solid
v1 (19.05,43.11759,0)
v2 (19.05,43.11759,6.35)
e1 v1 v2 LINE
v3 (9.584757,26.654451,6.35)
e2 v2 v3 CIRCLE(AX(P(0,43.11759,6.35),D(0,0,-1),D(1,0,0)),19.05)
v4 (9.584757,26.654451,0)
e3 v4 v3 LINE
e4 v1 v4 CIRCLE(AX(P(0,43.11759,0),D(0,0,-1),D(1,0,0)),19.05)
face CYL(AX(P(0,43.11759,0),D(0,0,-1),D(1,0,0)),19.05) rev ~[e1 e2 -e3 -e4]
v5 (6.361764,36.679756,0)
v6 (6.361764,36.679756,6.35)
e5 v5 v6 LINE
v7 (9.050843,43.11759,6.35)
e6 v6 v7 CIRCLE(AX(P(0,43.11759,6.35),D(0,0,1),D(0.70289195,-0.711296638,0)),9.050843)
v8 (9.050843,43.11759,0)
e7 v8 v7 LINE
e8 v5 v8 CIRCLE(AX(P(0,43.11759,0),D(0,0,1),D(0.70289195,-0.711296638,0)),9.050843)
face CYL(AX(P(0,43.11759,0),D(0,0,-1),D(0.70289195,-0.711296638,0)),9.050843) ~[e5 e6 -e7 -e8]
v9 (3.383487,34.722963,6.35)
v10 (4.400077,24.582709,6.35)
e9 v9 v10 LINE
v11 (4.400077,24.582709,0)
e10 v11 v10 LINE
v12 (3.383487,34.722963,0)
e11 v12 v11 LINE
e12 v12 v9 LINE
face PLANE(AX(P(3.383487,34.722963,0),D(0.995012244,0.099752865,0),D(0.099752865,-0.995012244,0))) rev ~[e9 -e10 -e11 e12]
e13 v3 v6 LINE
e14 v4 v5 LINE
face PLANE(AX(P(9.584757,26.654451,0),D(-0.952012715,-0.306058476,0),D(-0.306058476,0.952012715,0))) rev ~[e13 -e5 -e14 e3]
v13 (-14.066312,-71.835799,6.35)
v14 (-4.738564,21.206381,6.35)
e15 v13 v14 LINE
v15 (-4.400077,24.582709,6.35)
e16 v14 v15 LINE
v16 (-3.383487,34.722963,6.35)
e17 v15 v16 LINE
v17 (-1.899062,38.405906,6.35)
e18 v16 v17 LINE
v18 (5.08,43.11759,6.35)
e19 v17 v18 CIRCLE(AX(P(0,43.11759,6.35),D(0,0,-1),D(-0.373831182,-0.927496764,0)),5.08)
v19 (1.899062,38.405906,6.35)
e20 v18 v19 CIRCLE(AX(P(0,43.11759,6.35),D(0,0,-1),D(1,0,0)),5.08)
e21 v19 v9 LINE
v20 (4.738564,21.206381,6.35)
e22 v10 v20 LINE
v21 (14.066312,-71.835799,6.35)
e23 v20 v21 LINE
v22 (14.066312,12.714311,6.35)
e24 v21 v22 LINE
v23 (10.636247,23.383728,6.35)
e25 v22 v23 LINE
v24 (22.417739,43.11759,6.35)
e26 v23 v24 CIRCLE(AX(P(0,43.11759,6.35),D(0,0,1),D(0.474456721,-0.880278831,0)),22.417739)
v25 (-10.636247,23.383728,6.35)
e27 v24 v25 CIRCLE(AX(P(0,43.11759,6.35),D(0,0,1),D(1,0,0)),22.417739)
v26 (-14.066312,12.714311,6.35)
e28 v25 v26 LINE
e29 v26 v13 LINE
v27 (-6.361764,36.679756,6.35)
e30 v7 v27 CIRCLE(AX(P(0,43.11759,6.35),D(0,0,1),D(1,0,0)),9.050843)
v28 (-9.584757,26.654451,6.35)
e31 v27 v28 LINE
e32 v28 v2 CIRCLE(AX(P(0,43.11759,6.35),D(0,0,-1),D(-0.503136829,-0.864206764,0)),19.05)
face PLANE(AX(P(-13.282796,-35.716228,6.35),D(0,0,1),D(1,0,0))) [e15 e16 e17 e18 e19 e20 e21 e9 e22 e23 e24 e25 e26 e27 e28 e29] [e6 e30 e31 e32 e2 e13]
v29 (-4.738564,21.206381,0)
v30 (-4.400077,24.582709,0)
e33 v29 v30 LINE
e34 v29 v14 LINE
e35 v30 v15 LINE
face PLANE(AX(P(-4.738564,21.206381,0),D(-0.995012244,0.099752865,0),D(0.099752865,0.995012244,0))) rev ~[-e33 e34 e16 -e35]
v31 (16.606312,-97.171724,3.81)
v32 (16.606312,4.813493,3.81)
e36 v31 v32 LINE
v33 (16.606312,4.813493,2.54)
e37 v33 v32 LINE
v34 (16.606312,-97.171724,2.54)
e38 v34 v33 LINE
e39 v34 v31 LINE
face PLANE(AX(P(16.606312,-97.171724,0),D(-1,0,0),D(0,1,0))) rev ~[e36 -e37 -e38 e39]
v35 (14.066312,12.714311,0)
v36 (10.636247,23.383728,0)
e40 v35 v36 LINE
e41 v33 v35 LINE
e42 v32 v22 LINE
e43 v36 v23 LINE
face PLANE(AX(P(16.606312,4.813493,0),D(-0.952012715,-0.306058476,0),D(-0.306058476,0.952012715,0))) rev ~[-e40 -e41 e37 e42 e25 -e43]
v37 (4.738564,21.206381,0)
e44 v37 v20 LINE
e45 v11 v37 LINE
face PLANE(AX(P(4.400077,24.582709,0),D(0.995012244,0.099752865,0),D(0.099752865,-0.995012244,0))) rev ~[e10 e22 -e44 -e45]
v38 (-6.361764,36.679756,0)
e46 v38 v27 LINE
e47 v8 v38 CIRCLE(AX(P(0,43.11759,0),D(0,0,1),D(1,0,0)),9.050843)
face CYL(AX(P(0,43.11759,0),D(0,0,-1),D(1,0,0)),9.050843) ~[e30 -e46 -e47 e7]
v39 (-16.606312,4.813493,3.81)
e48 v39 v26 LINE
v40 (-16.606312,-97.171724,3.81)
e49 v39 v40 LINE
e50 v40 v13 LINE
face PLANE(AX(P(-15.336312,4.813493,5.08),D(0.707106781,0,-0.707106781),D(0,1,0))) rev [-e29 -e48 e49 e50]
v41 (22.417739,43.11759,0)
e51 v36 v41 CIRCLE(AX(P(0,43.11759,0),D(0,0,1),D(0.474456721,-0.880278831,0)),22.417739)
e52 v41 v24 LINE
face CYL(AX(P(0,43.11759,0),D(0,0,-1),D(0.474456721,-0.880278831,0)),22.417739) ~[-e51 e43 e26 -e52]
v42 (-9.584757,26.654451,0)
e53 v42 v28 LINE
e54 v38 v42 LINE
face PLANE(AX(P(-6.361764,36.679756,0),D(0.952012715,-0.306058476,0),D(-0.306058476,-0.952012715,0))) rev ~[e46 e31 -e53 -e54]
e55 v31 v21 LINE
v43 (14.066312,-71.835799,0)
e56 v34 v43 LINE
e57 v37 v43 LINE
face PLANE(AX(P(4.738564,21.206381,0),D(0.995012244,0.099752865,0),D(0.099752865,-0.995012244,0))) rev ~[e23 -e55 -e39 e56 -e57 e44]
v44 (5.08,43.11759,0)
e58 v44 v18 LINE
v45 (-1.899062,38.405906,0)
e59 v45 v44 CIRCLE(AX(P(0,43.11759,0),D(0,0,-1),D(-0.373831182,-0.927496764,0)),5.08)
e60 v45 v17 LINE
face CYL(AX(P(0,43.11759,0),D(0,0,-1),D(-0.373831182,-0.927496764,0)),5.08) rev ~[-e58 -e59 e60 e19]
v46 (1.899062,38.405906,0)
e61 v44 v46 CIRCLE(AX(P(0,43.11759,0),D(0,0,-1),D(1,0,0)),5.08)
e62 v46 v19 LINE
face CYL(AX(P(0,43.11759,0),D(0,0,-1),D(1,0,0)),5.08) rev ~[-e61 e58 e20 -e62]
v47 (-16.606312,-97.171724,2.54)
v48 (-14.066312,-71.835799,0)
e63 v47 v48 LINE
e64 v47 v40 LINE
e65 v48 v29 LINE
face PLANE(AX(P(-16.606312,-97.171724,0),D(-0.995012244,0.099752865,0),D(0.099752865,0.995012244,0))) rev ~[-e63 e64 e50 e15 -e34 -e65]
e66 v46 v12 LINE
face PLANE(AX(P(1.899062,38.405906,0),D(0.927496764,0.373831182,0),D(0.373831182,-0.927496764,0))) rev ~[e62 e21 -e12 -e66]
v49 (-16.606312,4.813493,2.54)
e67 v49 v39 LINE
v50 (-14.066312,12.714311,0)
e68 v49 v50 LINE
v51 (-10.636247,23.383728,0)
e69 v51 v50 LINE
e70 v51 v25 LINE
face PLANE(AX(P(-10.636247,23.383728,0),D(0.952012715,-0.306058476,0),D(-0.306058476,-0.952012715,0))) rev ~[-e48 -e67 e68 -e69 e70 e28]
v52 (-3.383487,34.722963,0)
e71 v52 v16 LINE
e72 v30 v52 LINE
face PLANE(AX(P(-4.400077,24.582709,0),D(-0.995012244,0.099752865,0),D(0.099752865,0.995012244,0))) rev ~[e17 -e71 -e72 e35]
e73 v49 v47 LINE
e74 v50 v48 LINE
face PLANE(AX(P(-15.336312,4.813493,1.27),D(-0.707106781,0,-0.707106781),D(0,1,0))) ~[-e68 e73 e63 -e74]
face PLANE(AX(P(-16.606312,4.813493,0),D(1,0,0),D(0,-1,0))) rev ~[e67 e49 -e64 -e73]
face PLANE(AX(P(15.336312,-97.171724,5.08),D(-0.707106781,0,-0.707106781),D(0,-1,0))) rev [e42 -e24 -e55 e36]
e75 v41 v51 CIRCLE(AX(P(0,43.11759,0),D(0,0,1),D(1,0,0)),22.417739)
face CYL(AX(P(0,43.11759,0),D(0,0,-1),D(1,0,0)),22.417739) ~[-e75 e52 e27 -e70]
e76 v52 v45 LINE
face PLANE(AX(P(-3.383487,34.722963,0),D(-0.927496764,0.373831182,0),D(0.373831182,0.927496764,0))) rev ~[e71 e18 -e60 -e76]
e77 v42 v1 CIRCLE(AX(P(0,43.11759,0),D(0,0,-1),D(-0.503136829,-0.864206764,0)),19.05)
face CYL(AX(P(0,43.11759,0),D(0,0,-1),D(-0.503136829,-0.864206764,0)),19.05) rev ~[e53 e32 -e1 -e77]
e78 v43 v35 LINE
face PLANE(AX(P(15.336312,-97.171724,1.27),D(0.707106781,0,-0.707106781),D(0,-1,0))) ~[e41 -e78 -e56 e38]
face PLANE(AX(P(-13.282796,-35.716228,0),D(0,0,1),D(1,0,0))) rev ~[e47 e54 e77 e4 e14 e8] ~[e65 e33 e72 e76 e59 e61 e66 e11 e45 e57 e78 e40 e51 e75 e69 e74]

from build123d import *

# Parameters (mm, degrees)
F1_DEPTH = 6.35
F2_SIZE  = 2.54


with BuildPart() as f1:
    # F0 (on Top) → F1 (new body)
    with BuildSketch(Plane.XY):
        with BuildLine():
            ThreePointArc((-4.7385636703, 21.2063813699), (-7.7641105007, 22.0872871715), (-10.6362471428, 23.3837283631))
            Line((-10.6362471428, 23.3837283631), (-16.6063122451, 4.8134931872))
            Line((-16.6063122451, 4.8134931872), (-16.6063122451, -97.1717238426))
            Line((-16.6063122451, -97.1717238426), (-4.7385636703, 21.2063813699))
        make_face()
        with BuildLine():
            Line((16.6063122451, 4.8134931872), (10.6362471428, 23.3837283631))
            ThreePointArc((10.6362471428, 23.3837283631), (7.7641105007, 22.0872871715), (4.7385636703, 21.2063813699))
            Line((4.7385636703, 21.2063813699), (16.6063122451, -97.1717238426))
            Line((16.6063122451, -97.1717238426), (16.6063122451, 4.8134931872))
        make_face()
        with BuildLine():
            ThreePointArc((4.7385636703, 21.2063813699), (7.7641105007, 22.0872871715), (10.6362471428, 23.3837283631))
            Line((10.6362471428, 23.3837283631), (9.584756598, 26.6544509379))
            ThreePointArc((9.584756598, 26.6544509379), (7.0687284773, 25.427604555), (4.4000770701, 24.5827085745))
            Line((4.4000770701, 24.5827085745), (4.7385636703, 21.2063813699))
        make_face()
        with BuildLine():
            ThreePointArc((4.4000770701, 24.5827085745), (7.0687284773, 25.427604555), (9.584756598, 26.6544509379))
            Line((9.584756598, 26.6544509379), (6.36176439, 36.6797558963))
            ThreePointArc((6.36176439, 36.6797558963), (4.9698835047, 35.5533311125), (3.3834871789, 34.7229625859))
            Line((3.3834871789, 34.7229625859), (4.4000770701, 24.5827085745))
        make_face()
        with BuildLine():
            Line((-9.584756598, 26.6544509379), (-10.6362471428, 23.3837283631))
            ThreePointArc((-10.6362471428, 23.3837283631), (-7.7641105007, 22.0872871715), (-4.7385636703, 21.2063813699))
            Line((-4.7385636703, 21.2063813699), (-4.4000770701, 24.5827085745))
            ThreePointArc((-4.4000770701, 24.5827085745), (-7.0687284773, 25.427604555), (-9.584756598, 26.6544509379))
        make_face()
        with BuildLine():
            Line((-6.36176439, 36.6797558963), (-9.584756598, 26.6544509379))
            ThreePointArc((-9.584756598, 26.6544509379), (-7.0687284773, 25.427604555), (-4.4000770701, 24.5827085745))
            Line((-4.4000770701, 24.5827085745), (-3.3834871789, 34.7229625859))
            ThreePointArc((-3.3834871789, 34.7229625859), (-4.9698835047, 35.5533311125), (-6.36176439, 36.6797558963))
        make_face()
        with BuildLine():
            ThreePointArc((10.6362471428, 23.3837283631), (19.2483201468, 31.6259749482), (22.417739409, 43.1175897928))
            ThreePointArc((22.417739409, 43.1175897928), (-11.4916148446, 62.3659099396), (-10.6362471428, 23.3837283631))
            Line((-10.6362471428, 23.3837283631), (-9.584756598, 26.6544509379))
            ThreePointArc((-9.584756598, 26.6544509379), (-9.4950746919, 59.6326149698), (19.05, 43.1175897928))
            ThreePointArc((19.05, 43.1175897928), (16.515025177, 33.622515101), (9.584756598, 26.6544509379))
            Line((9.584756598, 26.6544509379), (10.6362471428, 23.3837283631))
        make_face()
        with BuildLine():
            ThreePointArc((9.0508425814, 43.1175897928), (-3.4884397228, 51.4691489127), (-6.36176439, 36.6797558963))
            ThreePointArc((-6.36176439, 36.6797558963), (-4.9698835047, 35.5533311125), (-3.3834871789, 34.7229625859))
            Line((-3.3834871789, 34.7229625859), (-1.8990624038, 38.405906231))
            ThreePointArc((-1.8990624038, 38.405906231), (-2.8424604649, 47.3279126433), (5.08, 43.1175897928))
            ThreePointArc((5.08, 43.1175897928), (4.2103228505, 40.2751293279), (1.8990624038, 38.405906231))
            Line((1.8990624038, 38.405906231), (3.3834871789, 34.7229625859))
            ThreePointArc((3.3834871789, 34.7229625859), (4.9698835047, 35.5533311125), (6.36176439, 36.6797558963))
            ThreePointArc((6.36176439, 36.6797558963), (8.3515591199, 39.62915007), (9.0508425814, 43.1175897928))
        make_face()
    extrude(amount=F1_DEPTH)

    # F2
    f2_edges = [f1.edges().sort_by_distance(p)[0] for p in [
        (-16.606312, -46.179115, 6.35),
        (16.606312, -46.179115, 6.35),
        (16.606312, -46.179115, 0),
        (-16.606312, -46.179115, 0),
    ]]
    chamfer(f2_edges, length=F2_SIZE)


solid = f1.part
